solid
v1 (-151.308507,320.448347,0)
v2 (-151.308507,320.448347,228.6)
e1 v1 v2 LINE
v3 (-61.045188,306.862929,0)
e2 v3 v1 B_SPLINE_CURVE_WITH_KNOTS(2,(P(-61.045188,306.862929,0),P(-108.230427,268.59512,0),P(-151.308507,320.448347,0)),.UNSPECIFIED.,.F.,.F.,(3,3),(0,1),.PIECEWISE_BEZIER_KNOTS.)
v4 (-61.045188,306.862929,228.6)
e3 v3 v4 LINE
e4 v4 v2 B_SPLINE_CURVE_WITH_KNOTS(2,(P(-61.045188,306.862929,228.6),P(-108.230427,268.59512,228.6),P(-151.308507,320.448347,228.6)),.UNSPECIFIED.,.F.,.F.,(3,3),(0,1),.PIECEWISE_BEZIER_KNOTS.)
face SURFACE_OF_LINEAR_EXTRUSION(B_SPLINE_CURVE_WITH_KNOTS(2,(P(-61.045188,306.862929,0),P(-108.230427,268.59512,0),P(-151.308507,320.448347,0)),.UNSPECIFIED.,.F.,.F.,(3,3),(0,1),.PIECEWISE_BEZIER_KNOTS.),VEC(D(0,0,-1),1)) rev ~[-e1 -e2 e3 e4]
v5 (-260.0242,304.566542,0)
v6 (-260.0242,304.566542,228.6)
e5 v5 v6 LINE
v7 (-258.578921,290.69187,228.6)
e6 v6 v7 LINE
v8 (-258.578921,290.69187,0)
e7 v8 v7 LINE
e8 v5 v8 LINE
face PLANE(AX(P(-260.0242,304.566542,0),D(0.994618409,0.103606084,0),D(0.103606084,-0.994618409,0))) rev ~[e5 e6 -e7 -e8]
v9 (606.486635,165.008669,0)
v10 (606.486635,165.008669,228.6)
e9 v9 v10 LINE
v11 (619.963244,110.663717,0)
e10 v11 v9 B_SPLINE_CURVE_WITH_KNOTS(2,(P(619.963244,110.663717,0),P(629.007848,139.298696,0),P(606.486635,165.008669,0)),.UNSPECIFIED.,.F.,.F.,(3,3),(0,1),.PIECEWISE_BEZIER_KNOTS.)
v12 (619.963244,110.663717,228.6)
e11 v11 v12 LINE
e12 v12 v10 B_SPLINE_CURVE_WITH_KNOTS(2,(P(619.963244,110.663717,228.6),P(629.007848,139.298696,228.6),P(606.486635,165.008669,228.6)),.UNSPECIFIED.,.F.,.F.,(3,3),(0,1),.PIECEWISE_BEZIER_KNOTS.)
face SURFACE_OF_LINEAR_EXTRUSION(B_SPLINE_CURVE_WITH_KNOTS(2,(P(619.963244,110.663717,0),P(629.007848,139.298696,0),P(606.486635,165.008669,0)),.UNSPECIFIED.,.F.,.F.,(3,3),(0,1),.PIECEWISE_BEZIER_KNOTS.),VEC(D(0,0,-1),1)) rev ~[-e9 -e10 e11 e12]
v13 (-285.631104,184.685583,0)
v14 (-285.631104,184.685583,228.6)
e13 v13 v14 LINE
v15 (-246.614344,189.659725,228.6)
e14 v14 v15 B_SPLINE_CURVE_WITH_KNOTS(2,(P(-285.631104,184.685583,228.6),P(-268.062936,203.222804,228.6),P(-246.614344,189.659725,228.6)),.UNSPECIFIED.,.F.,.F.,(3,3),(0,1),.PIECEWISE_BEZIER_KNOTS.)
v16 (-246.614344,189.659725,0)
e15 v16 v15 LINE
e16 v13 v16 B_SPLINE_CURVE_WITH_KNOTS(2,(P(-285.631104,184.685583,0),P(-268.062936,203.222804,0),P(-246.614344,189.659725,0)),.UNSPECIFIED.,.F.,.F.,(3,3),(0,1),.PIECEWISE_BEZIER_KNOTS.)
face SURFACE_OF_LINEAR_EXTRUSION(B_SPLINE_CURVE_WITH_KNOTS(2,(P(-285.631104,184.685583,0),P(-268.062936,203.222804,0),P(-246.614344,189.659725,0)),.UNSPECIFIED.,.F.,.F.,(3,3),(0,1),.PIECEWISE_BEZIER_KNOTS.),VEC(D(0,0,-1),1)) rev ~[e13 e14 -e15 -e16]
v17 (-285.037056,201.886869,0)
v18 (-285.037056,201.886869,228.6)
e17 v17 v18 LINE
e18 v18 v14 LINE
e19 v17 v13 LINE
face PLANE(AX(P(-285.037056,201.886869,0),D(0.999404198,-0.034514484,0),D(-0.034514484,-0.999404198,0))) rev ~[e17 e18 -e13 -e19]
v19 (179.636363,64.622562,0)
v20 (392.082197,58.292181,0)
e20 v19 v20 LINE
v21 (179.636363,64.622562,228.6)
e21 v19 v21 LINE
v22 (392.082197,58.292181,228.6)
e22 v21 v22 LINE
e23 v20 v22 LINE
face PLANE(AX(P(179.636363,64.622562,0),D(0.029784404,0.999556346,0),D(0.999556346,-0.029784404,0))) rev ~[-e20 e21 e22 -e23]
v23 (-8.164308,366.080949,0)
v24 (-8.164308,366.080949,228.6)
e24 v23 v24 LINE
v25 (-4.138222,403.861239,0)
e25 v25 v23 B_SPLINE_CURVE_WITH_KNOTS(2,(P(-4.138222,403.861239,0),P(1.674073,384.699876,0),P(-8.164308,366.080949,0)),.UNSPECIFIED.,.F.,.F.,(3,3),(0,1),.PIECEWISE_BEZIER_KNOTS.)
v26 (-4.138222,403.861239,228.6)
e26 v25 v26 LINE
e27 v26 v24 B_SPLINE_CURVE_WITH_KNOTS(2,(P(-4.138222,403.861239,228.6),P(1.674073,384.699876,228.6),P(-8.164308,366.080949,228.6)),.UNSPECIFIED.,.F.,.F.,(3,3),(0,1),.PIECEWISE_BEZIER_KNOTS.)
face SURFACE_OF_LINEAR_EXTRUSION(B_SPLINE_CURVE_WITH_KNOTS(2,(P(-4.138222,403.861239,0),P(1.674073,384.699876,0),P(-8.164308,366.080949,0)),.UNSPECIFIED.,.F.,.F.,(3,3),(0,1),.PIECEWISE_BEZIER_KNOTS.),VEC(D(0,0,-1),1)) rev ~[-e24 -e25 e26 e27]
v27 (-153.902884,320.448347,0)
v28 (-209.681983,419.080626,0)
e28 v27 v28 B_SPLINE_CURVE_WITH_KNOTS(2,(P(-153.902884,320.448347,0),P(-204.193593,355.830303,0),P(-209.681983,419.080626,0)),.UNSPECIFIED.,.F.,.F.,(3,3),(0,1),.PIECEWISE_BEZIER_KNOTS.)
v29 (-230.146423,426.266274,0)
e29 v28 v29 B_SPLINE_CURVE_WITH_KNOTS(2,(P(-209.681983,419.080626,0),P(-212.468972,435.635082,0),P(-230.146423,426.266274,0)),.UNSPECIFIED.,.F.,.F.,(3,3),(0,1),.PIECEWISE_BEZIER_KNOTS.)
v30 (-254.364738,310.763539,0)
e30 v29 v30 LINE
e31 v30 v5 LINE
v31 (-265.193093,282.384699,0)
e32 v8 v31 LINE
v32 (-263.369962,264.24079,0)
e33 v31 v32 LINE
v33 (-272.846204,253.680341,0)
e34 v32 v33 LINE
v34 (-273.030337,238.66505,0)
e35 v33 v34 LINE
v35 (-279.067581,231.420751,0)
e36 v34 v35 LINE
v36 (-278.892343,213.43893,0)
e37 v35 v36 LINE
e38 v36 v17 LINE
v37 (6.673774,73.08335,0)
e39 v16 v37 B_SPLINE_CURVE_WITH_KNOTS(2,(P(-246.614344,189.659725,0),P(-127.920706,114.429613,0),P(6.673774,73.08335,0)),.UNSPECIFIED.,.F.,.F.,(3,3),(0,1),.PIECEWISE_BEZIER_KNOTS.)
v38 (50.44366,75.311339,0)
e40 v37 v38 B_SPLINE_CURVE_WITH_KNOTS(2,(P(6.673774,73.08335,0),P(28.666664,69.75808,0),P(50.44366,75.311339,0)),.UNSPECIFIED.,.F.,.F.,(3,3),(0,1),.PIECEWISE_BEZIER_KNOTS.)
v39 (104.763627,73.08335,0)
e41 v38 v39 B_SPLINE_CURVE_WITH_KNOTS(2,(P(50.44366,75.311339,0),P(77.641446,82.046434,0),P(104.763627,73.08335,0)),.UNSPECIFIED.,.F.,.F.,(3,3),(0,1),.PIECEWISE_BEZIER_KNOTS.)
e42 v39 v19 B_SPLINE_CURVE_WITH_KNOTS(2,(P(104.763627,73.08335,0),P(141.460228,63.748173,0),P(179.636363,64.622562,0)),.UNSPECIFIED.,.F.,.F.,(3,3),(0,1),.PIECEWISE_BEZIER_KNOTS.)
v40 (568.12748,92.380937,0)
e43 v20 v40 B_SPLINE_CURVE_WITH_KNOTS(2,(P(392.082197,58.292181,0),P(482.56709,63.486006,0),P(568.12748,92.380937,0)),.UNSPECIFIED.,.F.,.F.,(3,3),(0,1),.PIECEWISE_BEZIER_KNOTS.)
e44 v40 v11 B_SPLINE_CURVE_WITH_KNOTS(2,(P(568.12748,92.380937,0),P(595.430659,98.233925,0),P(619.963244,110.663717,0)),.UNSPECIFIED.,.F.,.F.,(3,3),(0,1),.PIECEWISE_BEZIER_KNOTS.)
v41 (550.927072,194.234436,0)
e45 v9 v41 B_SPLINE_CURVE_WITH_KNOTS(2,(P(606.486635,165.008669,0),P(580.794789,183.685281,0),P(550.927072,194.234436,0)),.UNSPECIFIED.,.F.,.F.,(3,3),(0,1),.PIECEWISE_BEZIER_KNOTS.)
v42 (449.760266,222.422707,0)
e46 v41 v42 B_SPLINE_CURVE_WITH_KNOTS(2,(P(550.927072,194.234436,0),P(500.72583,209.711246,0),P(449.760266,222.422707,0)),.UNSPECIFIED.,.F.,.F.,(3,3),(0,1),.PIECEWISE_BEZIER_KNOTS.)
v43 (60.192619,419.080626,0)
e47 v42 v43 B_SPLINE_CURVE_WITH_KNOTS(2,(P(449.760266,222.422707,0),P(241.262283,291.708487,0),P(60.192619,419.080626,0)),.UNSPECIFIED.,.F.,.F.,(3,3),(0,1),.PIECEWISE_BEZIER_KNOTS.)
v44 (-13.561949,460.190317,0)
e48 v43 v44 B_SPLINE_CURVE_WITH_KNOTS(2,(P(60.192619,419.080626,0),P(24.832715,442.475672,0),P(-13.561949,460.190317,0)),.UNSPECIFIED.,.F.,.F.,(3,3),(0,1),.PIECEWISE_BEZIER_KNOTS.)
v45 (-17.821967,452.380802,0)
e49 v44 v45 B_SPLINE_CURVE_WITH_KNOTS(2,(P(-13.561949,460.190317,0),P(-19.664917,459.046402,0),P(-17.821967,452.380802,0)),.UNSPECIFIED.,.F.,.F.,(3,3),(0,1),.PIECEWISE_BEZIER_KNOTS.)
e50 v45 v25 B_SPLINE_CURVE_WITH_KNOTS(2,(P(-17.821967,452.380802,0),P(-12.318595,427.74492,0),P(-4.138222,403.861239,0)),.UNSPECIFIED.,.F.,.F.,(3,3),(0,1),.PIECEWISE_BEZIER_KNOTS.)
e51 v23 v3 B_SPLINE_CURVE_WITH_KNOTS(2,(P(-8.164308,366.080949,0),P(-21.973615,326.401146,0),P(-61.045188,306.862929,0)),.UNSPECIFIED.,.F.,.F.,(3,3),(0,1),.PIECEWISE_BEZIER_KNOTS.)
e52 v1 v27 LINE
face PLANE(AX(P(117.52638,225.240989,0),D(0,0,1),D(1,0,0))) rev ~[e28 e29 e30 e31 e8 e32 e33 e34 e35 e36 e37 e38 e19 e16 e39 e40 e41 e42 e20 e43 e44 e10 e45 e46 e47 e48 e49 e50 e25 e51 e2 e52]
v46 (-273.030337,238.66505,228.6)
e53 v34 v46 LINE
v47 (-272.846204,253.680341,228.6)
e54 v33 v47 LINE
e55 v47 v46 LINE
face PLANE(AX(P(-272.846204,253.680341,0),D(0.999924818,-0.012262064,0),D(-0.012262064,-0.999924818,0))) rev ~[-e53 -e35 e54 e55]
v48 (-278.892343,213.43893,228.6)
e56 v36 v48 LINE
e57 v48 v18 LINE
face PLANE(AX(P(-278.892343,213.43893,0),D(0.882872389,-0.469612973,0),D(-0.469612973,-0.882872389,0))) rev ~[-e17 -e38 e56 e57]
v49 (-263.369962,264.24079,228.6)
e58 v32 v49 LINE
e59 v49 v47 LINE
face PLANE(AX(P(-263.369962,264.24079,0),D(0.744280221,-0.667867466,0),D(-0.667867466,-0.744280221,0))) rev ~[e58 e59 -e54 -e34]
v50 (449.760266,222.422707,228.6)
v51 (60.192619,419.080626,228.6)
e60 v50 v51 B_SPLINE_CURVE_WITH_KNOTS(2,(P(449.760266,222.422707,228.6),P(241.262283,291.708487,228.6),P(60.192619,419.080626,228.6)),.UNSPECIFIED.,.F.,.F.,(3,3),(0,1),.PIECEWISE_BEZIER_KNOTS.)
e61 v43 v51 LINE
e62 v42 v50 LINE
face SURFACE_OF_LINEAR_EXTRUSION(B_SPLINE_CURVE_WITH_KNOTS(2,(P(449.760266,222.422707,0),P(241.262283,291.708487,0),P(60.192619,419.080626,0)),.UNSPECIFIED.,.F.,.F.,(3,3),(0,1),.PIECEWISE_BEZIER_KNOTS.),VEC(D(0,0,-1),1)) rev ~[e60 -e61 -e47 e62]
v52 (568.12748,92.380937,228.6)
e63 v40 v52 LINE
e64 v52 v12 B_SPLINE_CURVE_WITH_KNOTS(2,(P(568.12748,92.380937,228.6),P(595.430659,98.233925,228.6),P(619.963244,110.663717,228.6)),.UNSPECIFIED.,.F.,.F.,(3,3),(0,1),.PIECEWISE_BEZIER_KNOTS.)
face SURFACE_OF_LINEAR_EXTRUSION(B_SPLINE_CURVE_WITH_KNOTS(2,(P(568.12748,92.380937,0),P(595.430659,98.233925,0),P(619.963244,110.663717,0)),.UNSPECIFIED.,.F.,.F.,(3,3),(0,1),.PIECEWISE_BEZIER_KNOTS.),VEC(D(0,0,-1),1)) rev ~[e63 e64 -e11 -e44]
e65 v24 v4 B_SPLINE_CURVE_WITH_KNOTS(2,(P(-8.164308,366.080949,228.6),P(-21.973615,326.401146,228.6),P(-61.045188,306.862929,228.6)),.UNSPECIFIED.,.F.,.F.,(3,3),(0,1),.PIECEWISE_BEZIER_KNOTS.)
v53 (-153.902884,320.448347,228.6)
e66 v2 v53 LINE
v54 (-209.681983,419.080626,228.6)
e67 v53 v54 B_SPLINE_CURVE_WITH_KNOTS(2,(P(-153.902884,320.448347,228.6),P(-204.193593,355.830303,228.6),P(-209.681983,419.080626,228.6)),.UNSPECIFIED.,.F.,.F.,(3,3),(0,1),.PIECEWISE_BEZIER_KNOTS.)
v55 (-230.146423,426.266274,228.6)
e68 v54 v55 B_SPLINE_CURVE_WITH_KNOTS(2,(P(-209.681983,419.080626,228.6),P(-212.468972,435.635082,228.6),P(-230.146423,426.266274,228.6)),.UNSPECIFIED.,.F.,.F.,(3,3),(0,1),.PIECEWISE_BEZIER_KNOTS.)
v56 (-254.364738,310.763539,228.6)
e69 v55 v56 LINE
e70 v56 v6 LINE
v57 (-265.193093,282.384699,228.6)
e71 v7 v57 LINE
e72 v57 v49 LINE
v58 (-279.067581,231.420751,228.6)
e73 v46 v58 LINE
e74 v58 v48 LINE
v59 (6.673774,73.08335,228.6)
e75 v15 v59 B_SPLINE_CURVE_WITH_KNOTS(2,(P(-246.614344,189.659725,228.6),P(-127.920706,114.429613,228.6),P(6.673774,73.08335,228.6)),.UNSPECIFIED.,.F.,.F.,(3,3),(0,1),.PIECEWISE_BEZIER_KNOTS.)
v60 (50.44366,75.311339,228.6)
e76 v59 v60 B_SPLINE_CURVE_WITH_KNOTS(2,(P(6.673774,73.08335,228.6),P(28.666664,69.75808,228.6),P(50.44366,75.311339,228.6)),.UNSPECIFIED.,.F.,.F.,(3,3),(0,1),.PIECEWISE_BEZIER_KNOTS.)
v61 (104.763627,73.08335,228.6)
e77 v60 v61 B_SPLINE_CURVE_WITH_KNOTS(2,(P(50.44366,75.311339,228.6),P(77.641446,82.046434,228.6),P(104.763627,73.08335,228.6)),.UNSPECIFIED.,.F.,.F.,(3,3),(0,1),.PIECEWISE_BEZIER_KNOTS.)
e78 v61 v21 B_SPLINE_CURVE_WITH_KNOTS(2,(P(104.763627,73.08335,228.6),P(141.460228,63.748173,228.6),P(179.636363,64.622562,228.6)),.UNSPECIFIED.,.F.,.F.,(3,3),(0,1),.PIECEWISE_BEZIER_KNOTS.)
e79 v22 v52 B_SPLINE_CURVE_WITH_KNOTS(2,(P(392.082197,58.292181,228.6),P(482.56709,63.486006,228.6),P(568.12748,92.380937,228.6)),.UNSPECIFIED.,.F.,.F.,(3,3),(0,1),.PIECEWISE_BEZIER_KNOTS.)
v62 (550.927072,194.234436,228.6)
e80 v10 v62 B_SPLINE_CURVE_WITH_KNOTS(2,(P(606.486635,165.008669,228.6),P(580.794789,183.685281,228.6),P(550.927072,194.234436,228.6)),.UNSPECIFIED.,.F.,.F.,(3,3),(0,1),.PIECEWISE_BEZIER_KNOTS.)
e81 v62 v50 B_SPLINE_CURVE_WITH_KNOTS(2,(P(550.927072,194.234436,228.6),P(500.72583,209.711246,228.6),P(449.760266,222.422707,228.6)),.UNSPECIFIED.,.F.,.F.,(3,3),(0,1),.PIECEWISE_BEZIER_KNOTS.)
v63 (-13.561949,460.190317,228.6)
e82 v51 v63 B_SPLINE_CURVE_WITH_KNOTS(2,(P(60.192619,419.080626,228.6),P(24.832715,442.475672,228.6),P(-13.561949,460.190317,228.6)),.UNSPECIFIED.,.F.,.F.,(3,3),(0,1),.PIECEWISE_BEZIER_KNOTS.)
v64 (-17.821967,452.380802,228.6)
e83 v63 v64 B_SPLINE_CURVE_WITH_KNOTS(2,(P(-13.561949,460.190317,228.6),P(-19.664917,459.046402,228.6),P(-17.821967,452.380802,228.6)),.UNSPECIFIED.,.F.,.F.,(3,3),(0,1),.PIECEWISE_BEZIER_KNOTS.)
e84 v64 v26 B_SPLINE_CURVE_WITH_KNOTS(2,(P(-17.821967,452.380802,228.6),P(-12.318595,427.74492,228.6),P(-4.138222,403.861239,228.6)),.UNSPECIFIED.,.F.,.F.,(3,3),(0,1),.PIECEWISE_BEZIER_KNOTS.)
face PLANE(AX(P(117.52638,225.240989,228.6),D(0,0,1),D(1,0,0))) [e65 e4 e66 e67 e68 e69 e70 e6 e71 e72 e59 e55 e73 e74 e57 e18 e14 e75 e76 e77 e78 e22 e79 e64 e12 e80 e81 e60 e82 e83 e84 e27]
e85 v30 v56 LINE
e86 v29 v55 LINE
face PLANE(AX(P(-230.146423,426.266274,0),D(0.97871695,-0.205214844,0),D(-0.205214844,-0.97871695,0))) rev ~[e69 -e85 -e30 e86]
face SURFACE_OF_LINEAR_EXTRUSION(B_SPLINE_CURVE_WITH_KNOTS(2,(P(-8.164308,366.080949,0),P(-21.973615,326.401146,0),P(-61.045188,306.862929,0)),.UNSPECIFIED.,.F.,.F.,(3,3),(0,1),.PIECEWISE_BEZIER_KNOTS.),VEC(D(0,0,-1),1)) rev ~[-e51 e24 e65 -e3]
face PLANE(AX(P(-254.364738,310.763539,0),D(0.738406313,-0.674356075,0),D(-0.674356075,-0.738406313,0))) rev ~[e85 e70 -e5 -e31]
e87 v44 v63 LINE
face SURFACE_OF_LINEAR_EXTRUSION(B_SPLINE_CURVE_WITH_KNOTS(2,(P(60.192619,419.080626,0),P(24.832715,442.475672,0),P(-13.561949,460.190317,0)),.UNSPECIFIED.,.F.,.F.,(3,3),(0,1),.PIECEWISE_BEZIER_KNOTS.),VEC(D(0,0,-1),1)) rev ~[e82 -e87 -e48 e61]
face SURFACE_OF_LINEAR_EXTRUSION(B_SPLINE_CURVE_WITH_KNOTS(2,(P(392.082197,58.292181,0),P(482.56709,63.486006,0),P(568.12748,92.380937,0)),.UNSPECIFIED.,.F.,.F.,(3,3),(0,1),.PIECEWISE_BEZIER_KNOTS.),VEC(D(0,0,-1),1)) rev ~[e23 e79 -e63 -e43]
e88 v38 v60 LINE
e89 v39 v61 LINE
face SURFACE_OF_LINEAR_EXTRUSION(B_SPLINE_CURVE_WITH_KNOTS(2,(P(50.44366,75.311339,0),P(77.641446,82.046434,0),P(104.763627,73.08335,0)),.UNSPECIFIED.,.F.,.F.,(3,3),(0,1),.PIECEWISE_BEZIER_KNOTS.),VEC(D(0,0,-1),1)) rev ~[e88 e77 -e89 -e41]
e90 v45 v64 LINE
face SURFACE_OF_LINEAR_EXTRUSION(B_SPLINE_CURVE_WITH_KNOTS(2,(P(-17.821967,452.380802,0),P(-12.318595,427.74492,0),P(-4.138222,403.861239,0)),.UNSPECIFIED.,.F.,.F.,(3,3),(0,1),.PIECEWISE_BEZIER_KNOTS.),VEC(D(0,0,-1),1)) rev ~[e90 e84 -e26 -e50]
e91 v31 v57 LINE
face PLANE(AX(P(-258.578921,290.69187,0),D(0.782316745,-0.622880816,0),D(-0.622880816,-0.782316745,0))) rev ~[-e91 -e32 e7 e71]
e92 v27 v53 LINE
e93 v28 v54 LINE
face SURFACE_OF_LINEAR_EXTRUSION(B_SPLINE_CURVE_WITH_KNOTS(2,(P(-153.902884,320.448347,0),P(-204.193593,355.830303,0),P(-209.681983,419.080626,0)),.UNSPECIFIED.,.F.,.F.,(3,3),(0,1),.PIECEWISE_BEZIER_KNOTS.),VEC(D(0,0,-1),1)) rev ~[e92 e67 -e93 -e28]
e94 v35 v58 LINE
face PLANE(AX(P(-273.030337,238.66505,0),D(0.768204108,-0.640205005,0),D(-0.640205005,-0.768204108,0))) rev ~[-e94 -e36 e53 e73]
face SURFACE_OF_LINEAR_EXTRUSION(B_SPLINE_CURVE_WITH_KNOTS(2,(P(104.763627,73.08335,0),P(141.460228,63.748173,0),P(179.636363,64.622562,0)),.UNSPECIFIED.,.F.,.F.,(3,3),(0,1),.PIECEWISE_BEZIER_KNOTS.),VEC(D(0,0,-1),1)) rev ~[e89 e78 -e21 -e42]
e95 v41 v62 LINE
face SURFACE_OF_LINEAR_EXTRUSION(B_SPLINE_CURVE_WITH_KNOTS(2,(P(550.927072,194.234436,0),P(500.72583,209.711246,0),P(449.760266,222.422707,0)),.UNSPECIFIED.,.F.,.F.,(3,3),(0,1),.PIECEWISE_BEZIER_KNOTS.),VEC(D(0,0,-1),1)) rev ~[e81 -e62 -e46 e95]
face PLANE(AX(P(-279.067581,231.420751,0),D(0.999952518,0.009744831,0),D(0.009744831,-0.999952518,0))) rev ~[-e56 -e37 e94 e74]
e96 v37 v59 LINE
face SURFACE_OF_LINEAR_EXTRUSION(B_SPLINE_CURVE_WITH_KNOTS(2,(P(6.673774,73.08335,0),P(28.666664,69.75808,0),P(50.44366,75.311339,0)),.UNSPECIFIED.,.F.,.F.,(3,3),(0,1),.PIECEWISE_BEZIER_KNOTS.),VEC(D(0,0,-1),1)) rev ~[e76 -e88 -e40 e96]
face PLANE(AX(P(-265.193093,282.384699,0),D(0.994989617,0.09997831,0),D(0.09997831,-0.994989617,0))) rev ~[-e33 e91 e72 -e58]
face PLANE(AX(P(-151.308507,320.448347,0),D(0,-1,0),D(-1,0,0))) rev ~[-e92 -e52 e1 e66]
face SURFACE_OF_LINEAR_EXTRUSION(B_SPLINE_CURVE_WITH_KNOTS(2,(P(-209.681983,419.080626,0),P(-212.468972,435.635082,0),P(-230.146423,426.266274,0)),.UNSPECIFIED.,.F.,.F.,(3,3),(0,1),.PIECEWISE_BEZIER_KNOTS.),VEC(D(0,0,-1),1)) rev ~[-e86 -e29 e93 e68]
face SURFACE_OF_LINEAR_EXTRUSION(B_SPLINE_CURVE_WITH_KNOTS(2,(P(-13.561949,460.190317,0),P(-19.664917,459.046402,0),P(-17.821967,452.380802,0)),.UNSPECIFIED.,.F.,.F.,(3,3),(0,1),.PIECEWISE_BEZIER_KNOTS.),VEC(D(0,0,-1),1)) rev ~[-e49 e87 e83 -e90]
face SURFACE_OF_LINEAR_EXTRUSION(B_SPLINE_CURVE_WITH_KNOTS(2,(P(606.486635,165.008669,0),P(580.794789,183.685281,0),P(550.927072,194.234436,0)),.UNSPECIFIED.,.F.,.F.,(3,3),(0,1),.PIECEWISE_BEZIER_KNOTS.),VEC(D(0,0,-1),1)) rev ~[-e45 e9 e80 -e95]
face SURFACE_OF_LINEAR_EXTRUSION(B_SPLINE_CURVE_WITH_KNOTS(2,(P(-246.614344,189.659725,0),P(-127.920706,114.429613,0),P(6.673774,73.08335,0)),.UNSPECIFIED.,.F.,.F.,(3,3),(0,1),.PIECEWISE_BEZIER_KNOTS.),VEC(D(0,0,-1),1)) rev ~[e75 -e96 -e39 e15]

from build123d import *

# Parameters (mm, degrees)
BOSS_EXTRUDE1_DEPTH = 228.6


with BuildPart() as part:
    # Sketch1 → Boss-Extrude1 (new body)
    with BuildSketch(Plane.XY):
        with BuildLine():
            Line((-151.308507478, 320.448347343), (-153.902884159, 320.448347343))
            add(Edge.make_bspline(
                [(-153.902884159, 320.448347343), (-204.193593484, 355.830302978), (-209.681982797, 419.080625746)],
                knots=[0, 0, 0, 1, 1, 1], degree=2))
            add(Edge.make_bspline(
                [(-209.681982797, 419.080625746), (-212.468971889, 435.635081793), (-230.146422985, 426.26627389)],
                knots=[0, 0, 0, 1, 1, 1], degree=2))
            Line((-230.146422985, 426.26627389), (-254.364738426, 310.76353871))
            Line((-254.364738426, 310.76353871), (-260.02419987, 304.566542475))
            Line((-260.02419987, 304.566542475), (-258.578921486, 290.691869988))
            Line((-258.578921486, 290.691869988), (-265.193093483, 282.384698892))
            Line((-265.193093483, 282.384698892), (-263.369961518, 264.24078968))
            Line((-263.369961518, 264.24078968), (-272.846204191, 253.680341164))
            Line((-272.846204191, 253.680341164), (-273.030336503, 238.665049502))
            Line((-273.030336503, 238.665049502), (-279.067580784, 231.420751471))
            Line((-279.067580784, 231.420751471), (-278.892342657, 213.438930008))
            Line((-278.892342657, 213.438930008), (-285.037056209, 201.886868531))
            Line((-285.037056209, 201.886868531), (-285.631103618, 184.685583339))
            add(Edge.make_bspline(
                [(-285.631103618, 184.685583339), (-268.062935634, 203.22280378), (-246.614344295, 189.659725427)],
                knots=[0, 0, 0, 1, 1, 1], degree=2))
            add(Edge.make_bspline(
                [(-246.614344295, 189.659725427), (-127.920705679, 114.429612695), (6.673773744, 73.083350339)],
                knots=[0, 0, 0, 1, 1, 1], degree=2))
            add(Edge.make_bspline(
                [(6.673773744, 73.083350339), (28.666663993, 69.758079655), (50.443660227, 75.311339463)],
                knots=[0, 0, 0, 1, 1, 1], degree=2))
            add(Edge.make_bspline(
                [(50.443660227, 75.311339463), (77.641446166, 82.046433693), (104.763627465, 73.083350339)],
                knots=[0, 0, 0, 1, 1, 1], degree=2))
            add(Edge.make_bspline(
                [(104.763627465, 73.083350339), (141.460227891, 63.748172731), (179.63636286, 64.622561677)],
                knots=[0, 0, 0, 1, 1, 1], degree=2))
            Line((179.63636286, 64.622561677), (392.082197073, 58.29218063))
            add(Edge.make_bspline(
                [(392.082197073, 58.29218063), (482.5670898, 63.486005848), (568.127479803, 92.380936595)],
                knots=[0, 0, 0, 1, 1, 1], degree=2))
            add(Edge.make_bspline(
                [(568.127479803, 92.380936595), (595.430658845, 98.233924977), (619.963244193, 110.663717217)],
                knots=[0, 0, 0, 1, 1, 1], degree=2))
            add(Edge.make_bspline(
                [(619.963244193, 110.663717217), (629.007847964, 139.298696012), (606.486634537, 165.008668656)],
                knots=[0, 0, 0, 1, 1, 1], degree=2))
            add(Edge.make_bspline(
                [(606.486634537, 165.008668656), (580.79478885, 183.685281275), (550.927071991, 194.234435924)],
                knots=[0, 0, 0, 1, 1, 1], degree=2))
            add(Edge.make_bspline(
                [(550.927071991, 194.234435924), (500.725829633, 209.711245508), (449.760265594, 222.422706898)],
                knots=[0, 0, 0, 1, 1, 1], degree=2))
            add(Edge.make_bspline(
                [(449.760265594, 222.422706898), (241.262282516, 291.708486768), (60.192619276, 419.080625746)],
                knots=[0, 0, 0, 1, 1, 1], degree=2))
            add(Edge.make_bspline(
                [(60.192619276, 419.080625746), (24.832715259, 442.475671603), (-13.561949274, 460.190317475)],
                knots=[0, 0, 0, 1, 1, 1], degree=2))
            add(Edge.make_bspline(
                [(-13.561949274, 460.190317475), (-19.66491685, 459.046402337), (-17.821966678, 452.380802052)],
                knots=[0, 0, 0, 1, 1, 1], degree=2))
            add(Edge.make_bspline(
                [(-17.821966678, 452.380802052), (-12.318595056, 427.744919978), (-4.138222221, 403.861238748)],
                knots=[0, 0, 0, 1, 1, 1], degree=2))
            add(Edge.make_bspline(
                [(-4.138222221, 403.861238748), (1.674072586, 384.699876217), (-8.164307919, 366.08094882)],
                knots=[0, 0, 0, 1, 1, 1], degree=2))
            add(Edge.make_bspline(
                [(-8.164307919, 366.08094882), (-21.973615339, 326.401145795), (-61.04518825, 306.862929248)],
                knots=[0, 0, 0, 1, 1, 1], degree=2))
            add(Edge.make_bspline(
                [(-61.04518825, 306.862929248), (-108.230426593, 268.595120107), (-151.308507478, 320.448347343)],
                knots=[0, 0, 0, 1, 1, 1], degree=2))
        make_face()
    extrude(amount=BOSS_EXTRUDE1_DEPTH)


solid = part.part
